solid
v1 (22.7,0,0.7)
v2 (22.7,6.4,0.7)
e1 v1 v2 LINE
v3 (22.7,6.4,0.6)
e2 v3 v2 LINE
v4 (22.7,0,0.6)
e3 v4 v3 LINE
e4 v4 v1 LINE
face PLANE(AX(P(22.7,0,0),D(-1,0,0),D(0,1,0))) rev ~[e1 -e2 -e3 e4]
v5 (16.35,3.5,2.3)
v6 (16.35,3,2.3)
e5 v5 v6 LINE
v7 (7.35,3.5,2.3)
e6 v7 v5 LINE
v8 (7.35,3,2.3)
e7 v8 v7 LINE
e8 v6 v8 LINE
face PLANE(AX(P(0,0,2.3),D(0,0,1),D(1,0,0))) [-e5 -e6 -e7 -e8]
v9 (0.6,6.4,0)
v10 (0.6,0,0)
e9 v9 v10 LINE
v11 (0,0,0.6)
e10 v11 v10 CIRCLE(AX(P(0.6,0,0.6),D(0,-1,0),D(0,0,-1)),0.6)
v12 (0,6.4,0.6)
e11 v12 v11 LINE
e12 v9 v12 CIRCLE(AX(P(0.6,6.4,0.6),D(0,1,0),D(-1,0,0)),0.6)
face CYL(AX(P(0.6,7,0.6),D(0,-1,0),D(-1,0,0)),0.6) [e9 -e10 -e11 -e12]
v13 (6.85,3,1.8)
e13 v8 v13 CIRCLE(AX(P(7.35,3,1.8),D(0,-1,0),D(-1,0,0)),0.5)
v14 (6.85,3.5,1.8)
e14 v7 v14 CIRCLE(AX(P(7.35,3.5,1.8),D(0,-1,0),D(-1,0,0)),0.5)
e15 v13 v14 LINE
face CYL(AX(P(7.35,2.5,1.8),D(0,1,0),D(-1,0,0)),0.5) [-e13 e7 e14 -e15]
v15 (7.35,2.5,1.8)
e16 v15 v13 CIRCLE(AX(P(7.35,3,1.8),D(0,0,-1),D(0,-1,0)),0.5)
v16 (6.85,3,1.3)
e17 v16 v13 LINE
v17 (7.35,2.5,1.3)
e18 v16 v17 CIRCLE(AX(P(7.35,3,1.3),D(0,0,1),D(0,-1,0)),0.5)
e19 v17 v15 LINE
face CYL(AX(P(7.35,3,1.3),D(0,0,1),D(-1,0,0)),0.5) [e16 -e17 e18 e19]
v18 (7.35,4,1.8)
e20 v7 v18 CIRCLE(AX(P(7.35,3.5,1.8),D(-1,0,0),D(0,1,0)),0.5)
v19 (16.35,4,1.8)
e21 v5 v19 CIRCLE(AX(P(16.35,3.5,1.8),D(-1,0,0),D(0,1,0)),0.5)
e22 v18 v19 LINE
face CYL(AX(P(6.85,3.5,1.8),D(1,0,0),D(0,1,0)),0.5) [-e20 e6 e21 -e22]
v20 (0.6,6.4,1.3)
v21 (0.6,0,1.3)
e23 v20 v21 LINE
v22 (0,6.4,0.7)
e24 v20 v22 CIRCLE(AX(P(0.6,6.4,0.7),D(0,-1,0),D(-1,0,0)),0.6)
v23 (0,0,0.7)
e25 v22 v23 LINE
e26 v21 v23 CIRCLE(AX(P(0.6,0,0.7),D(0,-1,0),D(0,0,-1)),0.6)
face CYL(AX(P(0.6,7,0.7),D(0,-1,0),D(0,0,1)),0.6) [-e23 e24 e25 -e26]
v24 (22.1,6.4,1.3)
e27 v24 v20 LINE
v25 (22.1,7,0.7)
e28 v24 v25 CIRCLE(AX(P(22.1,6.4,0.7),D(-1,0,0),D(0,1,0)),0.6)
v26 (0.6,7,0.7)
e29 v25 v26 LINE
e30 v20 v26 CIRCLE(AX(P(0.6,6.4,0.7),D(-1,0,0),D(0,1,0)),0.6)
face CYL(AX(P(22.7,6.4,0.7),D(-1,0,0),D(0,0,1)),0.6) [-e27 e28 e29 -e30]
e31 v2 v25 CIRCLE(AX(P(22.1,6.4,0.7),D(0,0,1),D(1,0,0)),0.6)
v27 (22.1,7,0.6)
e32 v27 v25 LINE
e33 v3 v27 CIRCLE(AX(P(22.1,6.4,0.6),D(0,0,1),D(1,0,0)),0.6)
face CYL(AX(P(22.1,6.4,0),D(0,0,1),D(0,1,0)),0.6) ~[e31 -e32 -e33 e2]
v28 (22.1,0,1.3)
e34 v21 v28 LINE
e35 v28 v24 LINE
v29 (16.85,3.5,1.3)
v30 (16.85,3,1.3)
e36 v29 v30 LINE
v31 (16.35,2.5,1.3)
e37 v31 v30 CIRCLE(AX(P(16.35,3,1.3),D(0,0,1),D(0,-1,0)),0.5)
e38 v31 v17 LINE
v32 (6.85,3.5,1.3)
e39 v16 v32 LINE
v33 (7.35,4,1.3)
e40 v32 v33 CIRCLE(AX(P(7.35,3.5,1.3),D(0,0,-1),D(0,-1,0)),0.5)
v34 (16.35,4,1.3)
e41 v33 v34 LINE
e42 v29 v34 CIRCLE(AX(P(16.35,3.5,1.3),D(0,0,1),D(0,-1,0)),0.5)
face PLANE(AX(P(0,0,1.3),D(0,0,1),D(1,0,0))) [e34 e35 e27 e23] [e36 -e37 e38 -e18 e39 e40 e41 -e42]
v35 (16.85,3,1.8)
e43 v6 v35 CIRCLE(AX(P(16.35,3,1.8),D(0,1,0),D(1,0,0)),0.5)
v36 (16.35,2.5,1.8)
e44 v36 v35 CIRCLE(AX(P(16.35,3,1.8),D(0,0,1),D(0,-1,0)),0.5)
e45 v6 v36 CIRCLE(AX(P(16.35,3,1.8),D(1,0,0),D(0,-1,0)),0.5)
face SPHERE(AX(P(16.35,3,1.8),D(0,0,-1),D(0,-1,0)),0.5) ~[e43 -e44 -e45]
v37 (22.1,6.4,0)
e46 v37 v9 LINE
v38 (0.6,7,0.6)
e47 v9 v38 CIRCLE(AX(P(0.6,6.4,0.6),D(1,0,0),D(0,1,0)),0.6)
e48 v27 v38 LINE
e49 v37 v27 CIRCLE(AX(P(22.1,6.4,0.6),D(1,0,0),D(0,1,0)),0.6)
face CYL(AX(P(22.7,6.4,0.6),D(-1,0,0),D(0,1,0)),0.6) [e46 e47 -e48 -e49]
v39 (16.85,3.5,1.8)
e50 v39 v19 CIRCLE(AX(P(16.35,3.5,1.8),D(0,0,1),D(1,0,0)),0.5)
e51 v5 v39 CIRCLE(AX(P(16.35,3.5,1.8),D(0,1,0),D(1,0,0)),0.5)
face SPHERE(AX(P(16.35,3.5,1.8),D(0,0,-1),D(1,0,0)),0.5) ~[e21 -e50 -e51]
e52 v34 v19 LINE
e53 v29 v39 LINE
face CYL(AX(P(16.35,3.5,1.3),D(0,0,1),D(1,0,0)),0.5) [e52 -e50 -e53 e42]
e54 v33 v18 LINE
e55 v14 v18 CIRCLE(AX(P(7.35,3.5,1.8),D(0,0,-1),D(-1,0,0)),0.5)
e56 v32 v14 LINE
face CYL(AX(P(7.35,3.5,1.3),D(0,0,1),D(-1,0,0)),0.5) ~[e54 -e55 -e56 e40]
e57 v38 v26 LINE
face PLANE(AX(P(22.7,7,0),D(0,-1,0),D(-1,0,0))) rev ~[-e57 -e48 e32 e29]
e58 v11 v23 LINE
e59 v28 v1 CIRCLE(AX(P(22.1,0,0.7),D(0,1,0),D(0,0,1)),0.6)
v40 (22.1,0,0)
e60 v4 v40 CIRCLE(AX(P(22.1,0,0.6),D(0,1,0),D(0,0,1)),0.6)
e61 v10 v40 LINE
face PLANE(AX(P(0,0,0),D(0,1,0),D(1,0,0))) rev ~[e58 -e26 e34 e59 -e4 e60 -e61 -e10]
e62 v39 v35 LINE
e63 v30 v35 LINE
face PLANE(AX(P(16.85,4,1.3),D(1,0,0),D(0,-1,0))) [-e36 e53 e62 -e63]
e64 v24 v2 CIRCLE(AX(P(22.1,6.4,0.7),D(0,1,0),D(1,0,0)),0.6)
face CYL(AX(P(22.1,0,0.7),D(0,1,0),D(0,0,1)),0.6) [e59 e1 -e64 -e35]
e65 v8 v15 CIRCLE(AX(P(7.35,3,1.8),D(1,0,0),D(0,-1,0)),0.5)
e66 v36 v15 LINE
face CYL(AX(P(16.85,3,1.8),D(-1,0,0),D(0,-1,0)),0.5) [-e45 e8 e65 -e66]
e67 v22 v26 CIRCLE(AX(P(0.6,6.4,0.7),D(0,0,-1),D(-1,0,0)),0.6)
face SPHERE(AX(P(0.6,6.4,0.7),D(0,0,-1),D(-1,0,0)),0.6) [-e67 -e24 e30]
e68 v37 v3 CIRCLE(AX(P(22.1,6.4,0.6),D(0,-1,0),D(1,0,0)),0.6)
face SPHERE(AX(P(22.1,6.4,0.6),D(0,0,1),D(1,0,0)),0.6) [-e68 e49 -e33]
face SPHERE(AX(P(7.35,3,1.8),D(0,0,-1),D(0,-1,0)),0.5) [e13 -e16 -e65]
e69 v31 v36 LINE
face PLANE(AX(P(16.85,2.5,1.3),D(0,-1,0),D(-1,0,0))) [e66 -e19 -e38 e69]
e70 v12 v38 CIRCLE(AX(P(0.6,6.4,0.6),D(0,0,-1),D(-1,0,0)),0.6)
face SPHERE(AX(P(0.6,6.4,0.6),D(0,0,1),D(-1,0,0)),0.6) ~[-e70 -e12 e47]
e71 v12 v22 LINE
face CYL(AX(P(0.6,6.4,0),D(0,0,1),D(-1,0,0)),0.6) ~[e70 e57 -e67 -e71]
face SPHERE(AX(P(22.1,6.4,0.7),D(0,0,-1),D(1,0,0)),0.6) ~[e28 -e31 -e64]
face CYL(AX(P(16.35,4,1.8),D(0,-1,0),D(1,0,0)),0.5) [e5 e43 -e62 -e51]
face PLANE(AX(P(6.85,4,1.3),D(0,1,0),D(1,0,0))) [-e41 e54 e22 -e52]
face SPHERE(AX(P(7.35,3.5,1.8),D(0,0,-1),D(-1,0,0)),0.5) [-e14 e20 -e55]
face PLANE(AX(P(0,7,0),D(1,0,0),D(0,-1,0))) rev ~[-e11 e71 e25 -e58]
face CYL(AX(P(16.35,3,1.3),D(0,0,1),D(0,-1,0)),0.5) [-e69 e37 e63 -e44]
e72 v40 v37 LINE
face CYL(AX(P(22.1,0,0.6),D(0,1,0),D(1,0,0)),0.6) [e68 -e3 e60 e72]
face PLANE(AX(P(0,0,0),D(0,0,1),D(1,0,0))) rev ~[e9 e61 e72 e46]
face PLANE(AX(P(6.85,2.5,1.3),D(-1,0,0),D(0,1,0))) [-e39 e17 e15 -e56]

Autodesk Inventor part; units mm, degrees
ref_plane "YZ Plane" through (0, 0, 0) normal (1, 0, 0) x (0, 1, 0)
ref_plane "XZ Plane" through (0, 0, 0) normal (0, 1, 0) x (-1, 0, 0)
ref_plane "XY Plane" through (0, 0, 0) normal (0, 0, 1) x (1, 0, 0)
sketch "Schizzo1" plane through (0, 0, 0) normal (0, 0, 1) x (1, 0, 0)
  line L0 (0, 0) -> (22.7, 0)
  line L1 (22.7, 0) -> (22.7, 7)
  line L2 (22.7, 7) -> (0, 7)
  line L3 (0, 7) -> (0, 0)
  dimension "d0" = 22.7
  dimension "d2" = 7
extrude "Estrusione1" add sketch "Schizzo1" along normal blind 1.3
sketch "Sketch2" plane through (0, 0, 1.3) normal (0, 0, 1) x (1, 0, 0)
  line L0 (6.85, 4) -> (16.85, 4)
  line L1 (16.85, 4) -> (16.85, 2.5)
  line L2 (16.85, 2.5) -> (6.85, 2.5)
  line L3 (6.85, 2.5) -> (6.85, 4)
  line L4 (0, 7) -> (0, 0) projected
  line L5 (0, 0) -> (22.7, 0) projected
  point P0 (0, 6.5)
  dimension "d6" = 10
  dimension "d7" = 1.5
  dimension "d8" = 6.85
  dimension "d9" = 2.5
extrude "Handle" add sketch "Sketch2" along normal blind 1
fillet "Fillet2" radius 0.5 8 edges at (16.85, 4, 1.8) (16.85, 2.5, 1.8) (6.85, 4, 1.8) (6.85, 2.5, 1.8) (11.85, 2.5, 2.3) (16.85, 3.25, 2.3) (6.85, 3.25, 2.3) (11.85, 4, 2.3)
fillet "Fillet3" radius 0.6 8 edges at (0, 7, 0.65) (22.7, 7, 0.65) (0, 3.5, 1.3) (0, 3.5, 0) (22.7, 3.5, 1.3) (22.7, 3.5, 0) (11.35, 7, 1.3) (11.35, 7, 0)
properties part number "160409 T-RH-P Box cap R23p"
